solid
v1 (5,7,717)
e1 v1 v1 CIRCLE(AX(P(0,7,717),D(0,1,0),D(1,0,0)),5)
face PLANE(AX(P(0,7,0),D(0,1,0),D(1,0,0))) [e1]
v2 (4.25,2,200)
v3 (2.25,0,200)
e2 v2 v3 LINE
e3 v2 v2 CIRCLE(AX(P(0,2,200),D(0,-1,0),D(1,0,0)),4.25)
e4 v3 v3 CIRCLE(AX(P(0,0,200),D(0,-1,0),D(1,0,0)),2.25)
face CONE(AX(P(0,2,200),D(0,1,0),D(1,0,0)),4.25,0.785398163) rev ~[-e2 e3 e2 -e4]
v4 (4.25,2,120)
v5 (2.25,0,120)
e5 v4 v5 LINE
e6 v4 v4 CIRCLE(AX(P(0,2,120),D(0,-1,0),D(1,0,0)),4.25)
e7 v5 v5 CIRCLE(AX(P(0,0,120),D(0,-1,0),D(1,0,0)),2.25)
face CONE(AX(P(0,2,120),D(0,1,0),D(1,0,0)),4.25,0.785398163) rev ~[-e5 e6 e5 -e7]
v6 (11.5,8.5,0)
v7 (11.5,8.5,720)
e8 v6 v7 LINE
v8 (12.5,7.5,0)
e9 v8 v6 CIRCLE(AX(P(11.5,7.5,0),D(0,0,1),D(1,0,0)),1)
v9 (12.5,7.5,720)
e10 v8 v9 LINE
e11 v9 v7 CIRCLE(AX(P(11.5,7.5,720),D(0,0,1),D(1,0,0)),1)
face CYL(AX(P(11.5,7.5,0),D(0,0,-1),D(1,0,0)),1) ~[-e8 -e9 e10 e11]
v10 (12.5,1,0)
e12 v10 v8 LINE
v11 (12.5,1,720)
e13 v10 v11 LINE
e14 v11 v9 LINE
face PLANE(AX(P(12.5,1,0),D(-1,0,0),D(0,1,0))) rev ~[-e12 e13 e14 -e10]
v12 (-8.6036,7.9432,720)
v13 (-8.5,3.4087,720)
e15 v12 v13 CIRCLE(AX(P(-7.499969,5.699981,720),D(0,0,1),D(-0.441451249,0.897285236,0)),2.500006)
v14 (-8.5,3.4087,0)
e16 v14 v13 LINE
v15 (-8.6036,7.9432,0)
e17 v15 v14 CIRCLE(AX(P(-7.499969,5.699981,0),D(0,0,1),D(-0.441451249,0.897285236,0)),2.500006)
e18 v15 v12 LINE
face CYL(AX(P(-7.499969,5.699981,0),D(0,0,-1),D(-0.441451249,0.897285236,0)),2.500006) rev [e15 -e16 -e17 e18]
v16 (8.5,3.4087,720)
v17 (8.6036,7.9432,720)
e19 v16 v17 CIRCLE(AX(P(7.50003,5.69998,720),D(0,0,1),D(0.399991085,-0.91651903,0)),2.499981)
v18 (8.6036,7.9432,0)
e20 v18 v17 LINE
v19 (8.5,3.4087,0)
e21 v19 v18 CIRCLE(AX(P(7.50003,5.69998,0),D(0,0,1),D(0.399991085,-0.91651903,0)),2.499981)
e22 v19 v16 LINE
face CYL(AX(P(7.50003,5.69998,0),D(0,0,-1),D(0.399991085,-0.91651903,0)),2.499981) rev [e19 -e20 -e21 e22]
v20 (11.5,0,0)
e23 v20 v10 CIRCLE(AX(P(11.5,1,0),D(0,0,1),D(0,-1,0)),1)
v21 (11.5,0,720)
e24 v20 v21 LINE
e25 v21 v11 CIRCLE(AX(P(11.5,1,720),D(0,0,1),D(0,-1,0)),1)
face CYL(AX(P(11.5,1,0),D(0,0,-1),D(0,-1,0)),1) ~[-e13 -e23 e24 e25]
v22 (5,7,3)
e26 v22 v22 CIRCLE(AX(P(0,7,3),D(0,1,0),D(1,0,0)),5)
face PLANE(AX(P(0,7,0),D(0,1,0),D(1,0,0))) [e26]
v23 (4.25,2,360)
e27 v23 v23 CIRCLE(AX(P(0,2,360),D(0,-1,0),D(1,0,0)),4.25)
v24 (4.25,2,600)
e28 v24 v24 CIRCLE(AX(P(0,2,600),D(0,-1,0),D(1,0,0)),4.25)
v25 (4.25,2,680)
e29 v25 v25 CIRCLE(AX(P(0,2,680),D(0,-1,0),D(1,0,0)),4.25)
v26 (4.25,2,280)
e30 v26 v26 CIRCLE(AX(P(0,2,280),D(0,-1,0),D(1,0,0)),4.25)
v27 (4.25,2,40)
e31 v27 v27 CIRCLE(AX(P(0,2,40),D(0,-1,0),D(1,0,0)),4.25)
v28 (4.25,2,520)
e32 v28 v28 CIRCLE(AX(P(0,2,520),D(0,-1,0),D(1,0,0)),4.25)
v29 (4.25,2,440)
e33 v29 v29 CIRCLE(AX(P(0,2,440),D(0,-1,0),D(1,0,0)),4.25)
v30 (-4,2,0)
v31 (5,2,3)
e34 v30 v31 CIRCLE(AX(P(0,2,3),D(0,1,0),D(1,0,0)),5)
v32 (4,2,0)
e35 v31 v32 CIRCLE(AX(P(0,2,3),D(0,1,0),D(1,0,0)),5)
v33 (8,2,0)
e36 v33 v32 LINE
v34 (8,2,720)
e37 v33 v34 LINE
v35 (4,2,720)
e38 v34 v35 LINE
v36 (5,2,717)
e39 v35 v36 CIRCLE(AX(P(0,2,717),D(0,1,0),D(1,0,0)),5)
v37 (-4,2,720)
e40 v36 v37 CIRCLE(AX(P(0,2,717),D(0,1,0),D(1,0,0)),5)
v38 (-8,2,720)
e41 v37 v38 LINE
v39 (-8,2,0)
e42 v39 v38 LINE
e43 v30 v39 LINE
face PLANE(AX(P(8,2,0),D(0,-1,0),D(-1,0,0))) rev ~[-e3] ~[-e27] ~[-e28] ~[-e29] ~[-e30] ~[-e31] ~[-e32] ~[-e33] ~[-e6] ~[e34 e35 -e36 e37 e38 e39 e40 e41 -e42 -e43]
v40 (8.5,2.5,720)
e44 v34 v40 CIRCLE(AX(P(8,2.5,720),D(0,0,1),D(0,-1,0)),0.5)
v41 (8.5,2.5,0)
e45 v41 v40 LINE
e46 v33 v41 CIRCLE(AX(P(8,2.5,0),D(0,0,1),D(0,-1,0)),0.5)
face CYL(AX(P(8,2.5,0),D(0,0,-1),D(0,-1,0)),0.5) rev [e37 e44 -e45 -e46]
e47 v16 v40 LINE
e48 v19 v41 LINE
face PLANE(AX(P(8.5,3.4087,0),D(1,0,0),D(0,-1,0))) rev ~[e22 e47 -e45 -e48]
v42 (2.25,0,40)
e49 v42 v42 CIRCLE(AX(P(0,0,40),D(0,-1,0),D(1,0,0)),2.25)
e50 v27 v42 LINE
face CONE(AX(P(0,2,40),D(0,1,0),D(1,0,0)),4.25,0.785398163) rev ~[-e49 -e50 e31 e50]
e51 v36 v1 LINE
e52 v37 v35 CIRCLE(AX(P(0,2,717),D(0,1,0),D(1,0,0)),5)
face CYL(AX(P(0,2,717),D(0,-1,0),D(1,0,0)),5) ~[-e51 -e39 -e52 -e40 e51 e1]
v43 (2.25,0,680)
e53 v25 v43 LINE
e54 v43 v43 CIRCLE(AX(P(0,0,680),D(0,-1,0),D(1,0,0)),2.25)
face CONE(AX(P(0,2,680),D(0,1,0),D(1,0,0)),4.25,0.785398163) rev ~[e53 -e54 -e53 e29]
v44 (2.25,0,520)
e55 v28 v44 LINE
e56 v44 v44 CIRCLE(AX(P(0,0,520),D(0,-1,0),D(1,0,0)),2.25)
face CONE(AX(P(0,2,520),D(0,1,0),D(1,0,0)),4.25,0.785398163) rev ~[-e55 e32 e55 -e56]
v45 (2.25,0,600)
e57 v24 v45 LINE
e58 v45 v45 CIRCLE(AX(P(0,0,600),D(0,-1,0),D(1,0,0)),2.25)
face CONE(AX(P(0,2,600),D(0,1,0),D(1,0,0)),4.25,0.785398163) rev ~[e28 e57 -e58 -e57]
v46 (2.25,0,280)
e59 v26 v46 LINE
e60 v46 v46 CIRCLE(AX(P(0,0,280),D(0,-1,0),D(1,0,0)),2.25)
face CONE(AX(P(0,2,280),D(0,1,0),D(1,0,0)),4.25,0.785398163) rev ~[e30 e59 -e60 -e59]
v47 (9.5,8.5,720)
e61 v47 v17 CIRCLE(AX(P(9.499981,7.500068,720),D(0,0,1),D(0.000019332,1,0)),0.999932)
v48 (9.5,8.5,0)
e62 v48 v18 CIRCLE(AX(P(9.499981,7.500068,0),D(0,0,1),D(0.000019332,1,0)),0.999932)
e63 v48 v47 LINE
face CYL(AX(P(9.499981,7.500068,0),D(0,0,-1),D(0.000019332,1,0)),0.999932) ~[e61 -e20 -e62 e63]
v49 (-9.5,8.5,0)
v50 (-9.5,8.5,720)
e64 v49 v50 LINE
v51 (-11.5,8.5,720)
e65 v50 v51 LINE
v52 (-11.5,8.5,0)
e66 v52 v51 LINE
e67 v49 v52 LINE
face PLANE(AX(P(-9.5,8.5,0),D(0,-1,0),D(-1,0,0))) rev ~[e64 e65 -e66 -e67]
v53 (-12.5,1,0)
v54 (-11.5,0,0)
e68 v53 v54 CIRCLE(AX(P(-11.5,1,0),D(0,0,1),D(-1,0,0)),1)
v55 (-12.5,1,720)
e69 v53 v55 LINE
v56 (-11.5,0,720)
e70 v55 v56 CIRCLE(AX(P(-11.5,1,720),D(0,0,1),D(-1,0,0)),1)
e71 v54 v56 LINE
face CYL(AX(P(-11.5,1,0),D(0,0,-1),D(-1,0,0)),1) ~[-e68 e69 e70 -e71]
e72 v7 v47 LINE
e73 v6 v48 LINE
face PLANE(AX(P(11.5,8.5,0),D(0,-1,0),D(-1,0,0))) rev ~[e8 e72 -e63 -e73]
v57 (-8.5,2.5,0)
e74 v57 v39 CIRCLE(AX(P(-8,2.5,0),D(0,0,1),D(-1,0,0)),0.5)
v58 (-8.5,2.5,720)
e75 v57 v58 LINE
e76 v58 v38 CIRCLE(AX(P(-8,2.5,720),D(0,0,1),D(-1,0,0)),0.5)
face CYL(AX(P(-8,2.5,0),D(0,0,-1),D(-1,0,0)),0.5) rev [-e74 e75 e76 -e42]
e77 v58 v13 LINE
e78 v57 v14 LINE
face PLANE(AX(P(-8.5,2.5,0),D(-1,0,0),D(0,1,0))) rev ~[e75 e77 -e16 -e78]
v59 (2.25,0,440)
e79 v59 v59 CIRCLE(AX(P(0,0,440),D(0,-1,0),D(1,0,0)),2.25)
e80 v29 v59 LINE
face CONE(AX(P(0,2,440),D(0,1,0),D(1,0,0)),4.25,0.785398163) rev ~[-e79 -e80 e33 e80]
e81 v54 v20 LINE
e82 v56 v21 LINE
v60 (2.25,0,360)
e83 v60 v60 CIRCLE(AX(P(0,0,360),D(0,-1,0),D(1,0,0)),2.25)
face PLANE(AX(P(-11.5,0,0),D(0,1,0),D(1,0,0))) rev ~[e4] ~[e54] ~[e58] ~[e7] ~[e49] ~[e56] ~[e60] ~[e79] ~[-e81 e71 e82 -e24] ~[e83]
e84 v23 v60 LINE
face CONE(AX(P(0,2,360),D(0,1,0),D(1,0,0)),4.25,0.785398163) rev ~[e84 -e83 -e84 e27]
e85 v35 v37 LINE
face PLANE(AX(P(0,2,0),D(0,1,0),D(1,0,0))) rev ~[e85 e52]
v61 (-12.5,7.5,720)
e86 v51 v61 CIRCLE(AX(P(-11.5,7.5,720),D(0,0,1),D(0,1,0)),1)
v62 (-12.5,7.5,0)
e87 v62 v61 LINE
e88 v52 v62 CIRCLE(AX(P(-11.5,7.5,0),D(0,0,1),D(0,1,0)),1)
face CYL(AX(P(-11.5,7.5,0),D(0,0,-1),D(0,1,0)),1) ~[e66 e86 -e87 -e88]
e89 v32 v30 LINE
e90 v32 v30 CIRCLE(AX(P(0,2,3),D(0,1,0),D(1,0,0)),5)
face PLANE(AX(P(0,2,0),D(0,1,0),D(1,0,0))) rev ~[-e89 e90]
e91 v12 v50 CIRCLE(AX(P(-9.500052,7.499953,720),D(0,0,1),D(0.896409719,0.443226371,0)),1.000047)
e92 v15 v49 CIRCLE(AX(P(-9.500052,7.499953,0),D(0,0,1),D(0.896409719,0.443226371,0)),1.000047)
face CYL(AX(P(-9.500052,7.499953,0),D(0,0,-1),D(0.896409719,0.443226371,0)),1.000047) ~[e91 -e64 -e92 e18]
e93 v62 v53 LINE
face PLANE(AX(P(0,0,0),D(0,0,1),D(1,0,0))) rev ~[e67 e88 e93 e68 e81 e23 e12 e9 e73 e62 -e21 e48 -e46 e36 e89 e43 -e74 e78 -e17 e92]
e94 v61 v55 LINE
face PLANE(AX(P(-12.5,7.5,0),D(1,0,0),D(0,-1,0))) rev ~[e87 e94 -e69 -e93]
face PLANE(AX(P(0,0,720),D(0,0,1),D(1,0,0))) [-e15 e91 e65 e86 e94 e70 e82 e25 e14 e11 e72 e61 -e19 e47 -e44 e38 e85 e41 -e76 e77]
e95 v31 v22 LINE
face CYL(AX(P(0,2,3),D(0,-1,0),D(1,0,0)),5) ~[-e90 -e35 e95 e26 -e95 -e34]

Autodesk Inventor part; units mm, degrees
sketch "Sketch_1" plane through (0, 0, 0) normal (0, 0, 1) x (1, 0, 0)
  arc A0 (-12.5, 1) -> (-11.5, 0) centre (-11.5, 1) ccw
  line L0 (-11.5, 0) -> (11.5, 0)
  arc A1 (11.5, 0) -> (12.5, 1) centre (11.5, 1) ccw
  line L1 (12.5, 1) -> (12.5, 7.5)
  arc A2 (12.5, 7.5) -> (11.5, 8.5) centre (11.5, 7.5) ccw
  line L2 (11.5, 8.5) -> (9.5, 8.5)
  arc A3 (9.5, 8.5) -> (8.6036, 7.9432) centre (9.5, 7.5) ccw
  arc A4 (8.5, 3.4087) -> (8.6036, 7.9432) centre (7.5, 5.7) ccw
  line L3 (8.5, 3.4087) -> (8.5, 2.5)
  arc A5 (8, 2) -> (8.5, 2.5) centre (8, 2.5) ccw
  line L4 (8, 2) -> (-8, 2)
  arc A6 (-8.5, 2.5) -> (-8, 2) centre (-8, 2.5) ccw
  line L5 (-8.5, 2.5) -> (-8.5, 3.4087)
  arc A7 (-8.6036, 7.9432) -> (-8.5, 3.4087) centre (-7.5, 5.7) ccw
  arc A8 (-8.6036, 7.9432) -> (-9.5, 8.5) centre (-9.5, 7.5) ccw
  line L6 (-9.5, 8.5) -> (-11.5, 8.5)
  arc A9 (-11.5, 8.5) -> (-12.5, 7.5) centre (-11.5, 7.5) ccw
  line L7 (-12.5, 7.5) -> (-12.5, 1)
extrude "Extrusion1" add sketch "Sketch_1" along normal blind 720
sketch "Sketch_2" plane through (0, 0, 40) normal (0, 0, 1) x (1, 0, 0)
  line L0 (0, 0) -> (0, 2)
  line L1 (0, 2) -> (4.25, 2)
  line L2 (4.25, 2) -> (2.25, 0)
  line L3 (2.25, 0) -> (0, 0)
  line L4 (0, 0) -> (0, 2)
revolve "Revolution1" cut sketch "Sketch_2" angle 360 about axis through (0, 0, 40) along (0, -1, 0)
pattern_linear "Rectangular Pattern1" count 9 spacing 80 along (0, 0, 1) of "Revolution1"
sketch "Sketch_4" plane through (0, 2, 0) normal (0, 1, 0) x (1, 0, 0)
  circle A0 centre (0, -3) radius 5
extrude "Extrusion2" add sketch "Sketch_4" along normal blind 5
sketch "Sketch_5" plane through (0, 2, 0) normal (0, 1, 0) x (1, 0, 0)
  circle A0 centre (0, -717) radius 5
extrude "Extrusion3" add sketch "Sketch_5" along normal blind 5
ref_plane "rail25_to_dummy_XY" through (0, 0, 360) normal (0, 0, 1) x (1, 0, 0)
ref_plane "rail25_to_dummy_YZ" through (0, 0, 360) normal (1, 0, 0) x (0, 1, 0)
ref_plane "rail25_to_dummy_ZX" through (0, 0, 360) normal (0, 1, 0) x (0, 0, 1)
ref_plane "to_slider_XY" through (0, 12, 360) normal (0, 0, 1) x (1, 0, 0)
ref_plane "to_slider_YZ" through (0, 12, 360) normal (1, 0, 0) x (0, 1, 0)
ref_plane "to_slider_ZX" through (0, 12, 360) normal (0, 1, 0) x (0, 0, 1)
properties part number "RSRR25-720"
